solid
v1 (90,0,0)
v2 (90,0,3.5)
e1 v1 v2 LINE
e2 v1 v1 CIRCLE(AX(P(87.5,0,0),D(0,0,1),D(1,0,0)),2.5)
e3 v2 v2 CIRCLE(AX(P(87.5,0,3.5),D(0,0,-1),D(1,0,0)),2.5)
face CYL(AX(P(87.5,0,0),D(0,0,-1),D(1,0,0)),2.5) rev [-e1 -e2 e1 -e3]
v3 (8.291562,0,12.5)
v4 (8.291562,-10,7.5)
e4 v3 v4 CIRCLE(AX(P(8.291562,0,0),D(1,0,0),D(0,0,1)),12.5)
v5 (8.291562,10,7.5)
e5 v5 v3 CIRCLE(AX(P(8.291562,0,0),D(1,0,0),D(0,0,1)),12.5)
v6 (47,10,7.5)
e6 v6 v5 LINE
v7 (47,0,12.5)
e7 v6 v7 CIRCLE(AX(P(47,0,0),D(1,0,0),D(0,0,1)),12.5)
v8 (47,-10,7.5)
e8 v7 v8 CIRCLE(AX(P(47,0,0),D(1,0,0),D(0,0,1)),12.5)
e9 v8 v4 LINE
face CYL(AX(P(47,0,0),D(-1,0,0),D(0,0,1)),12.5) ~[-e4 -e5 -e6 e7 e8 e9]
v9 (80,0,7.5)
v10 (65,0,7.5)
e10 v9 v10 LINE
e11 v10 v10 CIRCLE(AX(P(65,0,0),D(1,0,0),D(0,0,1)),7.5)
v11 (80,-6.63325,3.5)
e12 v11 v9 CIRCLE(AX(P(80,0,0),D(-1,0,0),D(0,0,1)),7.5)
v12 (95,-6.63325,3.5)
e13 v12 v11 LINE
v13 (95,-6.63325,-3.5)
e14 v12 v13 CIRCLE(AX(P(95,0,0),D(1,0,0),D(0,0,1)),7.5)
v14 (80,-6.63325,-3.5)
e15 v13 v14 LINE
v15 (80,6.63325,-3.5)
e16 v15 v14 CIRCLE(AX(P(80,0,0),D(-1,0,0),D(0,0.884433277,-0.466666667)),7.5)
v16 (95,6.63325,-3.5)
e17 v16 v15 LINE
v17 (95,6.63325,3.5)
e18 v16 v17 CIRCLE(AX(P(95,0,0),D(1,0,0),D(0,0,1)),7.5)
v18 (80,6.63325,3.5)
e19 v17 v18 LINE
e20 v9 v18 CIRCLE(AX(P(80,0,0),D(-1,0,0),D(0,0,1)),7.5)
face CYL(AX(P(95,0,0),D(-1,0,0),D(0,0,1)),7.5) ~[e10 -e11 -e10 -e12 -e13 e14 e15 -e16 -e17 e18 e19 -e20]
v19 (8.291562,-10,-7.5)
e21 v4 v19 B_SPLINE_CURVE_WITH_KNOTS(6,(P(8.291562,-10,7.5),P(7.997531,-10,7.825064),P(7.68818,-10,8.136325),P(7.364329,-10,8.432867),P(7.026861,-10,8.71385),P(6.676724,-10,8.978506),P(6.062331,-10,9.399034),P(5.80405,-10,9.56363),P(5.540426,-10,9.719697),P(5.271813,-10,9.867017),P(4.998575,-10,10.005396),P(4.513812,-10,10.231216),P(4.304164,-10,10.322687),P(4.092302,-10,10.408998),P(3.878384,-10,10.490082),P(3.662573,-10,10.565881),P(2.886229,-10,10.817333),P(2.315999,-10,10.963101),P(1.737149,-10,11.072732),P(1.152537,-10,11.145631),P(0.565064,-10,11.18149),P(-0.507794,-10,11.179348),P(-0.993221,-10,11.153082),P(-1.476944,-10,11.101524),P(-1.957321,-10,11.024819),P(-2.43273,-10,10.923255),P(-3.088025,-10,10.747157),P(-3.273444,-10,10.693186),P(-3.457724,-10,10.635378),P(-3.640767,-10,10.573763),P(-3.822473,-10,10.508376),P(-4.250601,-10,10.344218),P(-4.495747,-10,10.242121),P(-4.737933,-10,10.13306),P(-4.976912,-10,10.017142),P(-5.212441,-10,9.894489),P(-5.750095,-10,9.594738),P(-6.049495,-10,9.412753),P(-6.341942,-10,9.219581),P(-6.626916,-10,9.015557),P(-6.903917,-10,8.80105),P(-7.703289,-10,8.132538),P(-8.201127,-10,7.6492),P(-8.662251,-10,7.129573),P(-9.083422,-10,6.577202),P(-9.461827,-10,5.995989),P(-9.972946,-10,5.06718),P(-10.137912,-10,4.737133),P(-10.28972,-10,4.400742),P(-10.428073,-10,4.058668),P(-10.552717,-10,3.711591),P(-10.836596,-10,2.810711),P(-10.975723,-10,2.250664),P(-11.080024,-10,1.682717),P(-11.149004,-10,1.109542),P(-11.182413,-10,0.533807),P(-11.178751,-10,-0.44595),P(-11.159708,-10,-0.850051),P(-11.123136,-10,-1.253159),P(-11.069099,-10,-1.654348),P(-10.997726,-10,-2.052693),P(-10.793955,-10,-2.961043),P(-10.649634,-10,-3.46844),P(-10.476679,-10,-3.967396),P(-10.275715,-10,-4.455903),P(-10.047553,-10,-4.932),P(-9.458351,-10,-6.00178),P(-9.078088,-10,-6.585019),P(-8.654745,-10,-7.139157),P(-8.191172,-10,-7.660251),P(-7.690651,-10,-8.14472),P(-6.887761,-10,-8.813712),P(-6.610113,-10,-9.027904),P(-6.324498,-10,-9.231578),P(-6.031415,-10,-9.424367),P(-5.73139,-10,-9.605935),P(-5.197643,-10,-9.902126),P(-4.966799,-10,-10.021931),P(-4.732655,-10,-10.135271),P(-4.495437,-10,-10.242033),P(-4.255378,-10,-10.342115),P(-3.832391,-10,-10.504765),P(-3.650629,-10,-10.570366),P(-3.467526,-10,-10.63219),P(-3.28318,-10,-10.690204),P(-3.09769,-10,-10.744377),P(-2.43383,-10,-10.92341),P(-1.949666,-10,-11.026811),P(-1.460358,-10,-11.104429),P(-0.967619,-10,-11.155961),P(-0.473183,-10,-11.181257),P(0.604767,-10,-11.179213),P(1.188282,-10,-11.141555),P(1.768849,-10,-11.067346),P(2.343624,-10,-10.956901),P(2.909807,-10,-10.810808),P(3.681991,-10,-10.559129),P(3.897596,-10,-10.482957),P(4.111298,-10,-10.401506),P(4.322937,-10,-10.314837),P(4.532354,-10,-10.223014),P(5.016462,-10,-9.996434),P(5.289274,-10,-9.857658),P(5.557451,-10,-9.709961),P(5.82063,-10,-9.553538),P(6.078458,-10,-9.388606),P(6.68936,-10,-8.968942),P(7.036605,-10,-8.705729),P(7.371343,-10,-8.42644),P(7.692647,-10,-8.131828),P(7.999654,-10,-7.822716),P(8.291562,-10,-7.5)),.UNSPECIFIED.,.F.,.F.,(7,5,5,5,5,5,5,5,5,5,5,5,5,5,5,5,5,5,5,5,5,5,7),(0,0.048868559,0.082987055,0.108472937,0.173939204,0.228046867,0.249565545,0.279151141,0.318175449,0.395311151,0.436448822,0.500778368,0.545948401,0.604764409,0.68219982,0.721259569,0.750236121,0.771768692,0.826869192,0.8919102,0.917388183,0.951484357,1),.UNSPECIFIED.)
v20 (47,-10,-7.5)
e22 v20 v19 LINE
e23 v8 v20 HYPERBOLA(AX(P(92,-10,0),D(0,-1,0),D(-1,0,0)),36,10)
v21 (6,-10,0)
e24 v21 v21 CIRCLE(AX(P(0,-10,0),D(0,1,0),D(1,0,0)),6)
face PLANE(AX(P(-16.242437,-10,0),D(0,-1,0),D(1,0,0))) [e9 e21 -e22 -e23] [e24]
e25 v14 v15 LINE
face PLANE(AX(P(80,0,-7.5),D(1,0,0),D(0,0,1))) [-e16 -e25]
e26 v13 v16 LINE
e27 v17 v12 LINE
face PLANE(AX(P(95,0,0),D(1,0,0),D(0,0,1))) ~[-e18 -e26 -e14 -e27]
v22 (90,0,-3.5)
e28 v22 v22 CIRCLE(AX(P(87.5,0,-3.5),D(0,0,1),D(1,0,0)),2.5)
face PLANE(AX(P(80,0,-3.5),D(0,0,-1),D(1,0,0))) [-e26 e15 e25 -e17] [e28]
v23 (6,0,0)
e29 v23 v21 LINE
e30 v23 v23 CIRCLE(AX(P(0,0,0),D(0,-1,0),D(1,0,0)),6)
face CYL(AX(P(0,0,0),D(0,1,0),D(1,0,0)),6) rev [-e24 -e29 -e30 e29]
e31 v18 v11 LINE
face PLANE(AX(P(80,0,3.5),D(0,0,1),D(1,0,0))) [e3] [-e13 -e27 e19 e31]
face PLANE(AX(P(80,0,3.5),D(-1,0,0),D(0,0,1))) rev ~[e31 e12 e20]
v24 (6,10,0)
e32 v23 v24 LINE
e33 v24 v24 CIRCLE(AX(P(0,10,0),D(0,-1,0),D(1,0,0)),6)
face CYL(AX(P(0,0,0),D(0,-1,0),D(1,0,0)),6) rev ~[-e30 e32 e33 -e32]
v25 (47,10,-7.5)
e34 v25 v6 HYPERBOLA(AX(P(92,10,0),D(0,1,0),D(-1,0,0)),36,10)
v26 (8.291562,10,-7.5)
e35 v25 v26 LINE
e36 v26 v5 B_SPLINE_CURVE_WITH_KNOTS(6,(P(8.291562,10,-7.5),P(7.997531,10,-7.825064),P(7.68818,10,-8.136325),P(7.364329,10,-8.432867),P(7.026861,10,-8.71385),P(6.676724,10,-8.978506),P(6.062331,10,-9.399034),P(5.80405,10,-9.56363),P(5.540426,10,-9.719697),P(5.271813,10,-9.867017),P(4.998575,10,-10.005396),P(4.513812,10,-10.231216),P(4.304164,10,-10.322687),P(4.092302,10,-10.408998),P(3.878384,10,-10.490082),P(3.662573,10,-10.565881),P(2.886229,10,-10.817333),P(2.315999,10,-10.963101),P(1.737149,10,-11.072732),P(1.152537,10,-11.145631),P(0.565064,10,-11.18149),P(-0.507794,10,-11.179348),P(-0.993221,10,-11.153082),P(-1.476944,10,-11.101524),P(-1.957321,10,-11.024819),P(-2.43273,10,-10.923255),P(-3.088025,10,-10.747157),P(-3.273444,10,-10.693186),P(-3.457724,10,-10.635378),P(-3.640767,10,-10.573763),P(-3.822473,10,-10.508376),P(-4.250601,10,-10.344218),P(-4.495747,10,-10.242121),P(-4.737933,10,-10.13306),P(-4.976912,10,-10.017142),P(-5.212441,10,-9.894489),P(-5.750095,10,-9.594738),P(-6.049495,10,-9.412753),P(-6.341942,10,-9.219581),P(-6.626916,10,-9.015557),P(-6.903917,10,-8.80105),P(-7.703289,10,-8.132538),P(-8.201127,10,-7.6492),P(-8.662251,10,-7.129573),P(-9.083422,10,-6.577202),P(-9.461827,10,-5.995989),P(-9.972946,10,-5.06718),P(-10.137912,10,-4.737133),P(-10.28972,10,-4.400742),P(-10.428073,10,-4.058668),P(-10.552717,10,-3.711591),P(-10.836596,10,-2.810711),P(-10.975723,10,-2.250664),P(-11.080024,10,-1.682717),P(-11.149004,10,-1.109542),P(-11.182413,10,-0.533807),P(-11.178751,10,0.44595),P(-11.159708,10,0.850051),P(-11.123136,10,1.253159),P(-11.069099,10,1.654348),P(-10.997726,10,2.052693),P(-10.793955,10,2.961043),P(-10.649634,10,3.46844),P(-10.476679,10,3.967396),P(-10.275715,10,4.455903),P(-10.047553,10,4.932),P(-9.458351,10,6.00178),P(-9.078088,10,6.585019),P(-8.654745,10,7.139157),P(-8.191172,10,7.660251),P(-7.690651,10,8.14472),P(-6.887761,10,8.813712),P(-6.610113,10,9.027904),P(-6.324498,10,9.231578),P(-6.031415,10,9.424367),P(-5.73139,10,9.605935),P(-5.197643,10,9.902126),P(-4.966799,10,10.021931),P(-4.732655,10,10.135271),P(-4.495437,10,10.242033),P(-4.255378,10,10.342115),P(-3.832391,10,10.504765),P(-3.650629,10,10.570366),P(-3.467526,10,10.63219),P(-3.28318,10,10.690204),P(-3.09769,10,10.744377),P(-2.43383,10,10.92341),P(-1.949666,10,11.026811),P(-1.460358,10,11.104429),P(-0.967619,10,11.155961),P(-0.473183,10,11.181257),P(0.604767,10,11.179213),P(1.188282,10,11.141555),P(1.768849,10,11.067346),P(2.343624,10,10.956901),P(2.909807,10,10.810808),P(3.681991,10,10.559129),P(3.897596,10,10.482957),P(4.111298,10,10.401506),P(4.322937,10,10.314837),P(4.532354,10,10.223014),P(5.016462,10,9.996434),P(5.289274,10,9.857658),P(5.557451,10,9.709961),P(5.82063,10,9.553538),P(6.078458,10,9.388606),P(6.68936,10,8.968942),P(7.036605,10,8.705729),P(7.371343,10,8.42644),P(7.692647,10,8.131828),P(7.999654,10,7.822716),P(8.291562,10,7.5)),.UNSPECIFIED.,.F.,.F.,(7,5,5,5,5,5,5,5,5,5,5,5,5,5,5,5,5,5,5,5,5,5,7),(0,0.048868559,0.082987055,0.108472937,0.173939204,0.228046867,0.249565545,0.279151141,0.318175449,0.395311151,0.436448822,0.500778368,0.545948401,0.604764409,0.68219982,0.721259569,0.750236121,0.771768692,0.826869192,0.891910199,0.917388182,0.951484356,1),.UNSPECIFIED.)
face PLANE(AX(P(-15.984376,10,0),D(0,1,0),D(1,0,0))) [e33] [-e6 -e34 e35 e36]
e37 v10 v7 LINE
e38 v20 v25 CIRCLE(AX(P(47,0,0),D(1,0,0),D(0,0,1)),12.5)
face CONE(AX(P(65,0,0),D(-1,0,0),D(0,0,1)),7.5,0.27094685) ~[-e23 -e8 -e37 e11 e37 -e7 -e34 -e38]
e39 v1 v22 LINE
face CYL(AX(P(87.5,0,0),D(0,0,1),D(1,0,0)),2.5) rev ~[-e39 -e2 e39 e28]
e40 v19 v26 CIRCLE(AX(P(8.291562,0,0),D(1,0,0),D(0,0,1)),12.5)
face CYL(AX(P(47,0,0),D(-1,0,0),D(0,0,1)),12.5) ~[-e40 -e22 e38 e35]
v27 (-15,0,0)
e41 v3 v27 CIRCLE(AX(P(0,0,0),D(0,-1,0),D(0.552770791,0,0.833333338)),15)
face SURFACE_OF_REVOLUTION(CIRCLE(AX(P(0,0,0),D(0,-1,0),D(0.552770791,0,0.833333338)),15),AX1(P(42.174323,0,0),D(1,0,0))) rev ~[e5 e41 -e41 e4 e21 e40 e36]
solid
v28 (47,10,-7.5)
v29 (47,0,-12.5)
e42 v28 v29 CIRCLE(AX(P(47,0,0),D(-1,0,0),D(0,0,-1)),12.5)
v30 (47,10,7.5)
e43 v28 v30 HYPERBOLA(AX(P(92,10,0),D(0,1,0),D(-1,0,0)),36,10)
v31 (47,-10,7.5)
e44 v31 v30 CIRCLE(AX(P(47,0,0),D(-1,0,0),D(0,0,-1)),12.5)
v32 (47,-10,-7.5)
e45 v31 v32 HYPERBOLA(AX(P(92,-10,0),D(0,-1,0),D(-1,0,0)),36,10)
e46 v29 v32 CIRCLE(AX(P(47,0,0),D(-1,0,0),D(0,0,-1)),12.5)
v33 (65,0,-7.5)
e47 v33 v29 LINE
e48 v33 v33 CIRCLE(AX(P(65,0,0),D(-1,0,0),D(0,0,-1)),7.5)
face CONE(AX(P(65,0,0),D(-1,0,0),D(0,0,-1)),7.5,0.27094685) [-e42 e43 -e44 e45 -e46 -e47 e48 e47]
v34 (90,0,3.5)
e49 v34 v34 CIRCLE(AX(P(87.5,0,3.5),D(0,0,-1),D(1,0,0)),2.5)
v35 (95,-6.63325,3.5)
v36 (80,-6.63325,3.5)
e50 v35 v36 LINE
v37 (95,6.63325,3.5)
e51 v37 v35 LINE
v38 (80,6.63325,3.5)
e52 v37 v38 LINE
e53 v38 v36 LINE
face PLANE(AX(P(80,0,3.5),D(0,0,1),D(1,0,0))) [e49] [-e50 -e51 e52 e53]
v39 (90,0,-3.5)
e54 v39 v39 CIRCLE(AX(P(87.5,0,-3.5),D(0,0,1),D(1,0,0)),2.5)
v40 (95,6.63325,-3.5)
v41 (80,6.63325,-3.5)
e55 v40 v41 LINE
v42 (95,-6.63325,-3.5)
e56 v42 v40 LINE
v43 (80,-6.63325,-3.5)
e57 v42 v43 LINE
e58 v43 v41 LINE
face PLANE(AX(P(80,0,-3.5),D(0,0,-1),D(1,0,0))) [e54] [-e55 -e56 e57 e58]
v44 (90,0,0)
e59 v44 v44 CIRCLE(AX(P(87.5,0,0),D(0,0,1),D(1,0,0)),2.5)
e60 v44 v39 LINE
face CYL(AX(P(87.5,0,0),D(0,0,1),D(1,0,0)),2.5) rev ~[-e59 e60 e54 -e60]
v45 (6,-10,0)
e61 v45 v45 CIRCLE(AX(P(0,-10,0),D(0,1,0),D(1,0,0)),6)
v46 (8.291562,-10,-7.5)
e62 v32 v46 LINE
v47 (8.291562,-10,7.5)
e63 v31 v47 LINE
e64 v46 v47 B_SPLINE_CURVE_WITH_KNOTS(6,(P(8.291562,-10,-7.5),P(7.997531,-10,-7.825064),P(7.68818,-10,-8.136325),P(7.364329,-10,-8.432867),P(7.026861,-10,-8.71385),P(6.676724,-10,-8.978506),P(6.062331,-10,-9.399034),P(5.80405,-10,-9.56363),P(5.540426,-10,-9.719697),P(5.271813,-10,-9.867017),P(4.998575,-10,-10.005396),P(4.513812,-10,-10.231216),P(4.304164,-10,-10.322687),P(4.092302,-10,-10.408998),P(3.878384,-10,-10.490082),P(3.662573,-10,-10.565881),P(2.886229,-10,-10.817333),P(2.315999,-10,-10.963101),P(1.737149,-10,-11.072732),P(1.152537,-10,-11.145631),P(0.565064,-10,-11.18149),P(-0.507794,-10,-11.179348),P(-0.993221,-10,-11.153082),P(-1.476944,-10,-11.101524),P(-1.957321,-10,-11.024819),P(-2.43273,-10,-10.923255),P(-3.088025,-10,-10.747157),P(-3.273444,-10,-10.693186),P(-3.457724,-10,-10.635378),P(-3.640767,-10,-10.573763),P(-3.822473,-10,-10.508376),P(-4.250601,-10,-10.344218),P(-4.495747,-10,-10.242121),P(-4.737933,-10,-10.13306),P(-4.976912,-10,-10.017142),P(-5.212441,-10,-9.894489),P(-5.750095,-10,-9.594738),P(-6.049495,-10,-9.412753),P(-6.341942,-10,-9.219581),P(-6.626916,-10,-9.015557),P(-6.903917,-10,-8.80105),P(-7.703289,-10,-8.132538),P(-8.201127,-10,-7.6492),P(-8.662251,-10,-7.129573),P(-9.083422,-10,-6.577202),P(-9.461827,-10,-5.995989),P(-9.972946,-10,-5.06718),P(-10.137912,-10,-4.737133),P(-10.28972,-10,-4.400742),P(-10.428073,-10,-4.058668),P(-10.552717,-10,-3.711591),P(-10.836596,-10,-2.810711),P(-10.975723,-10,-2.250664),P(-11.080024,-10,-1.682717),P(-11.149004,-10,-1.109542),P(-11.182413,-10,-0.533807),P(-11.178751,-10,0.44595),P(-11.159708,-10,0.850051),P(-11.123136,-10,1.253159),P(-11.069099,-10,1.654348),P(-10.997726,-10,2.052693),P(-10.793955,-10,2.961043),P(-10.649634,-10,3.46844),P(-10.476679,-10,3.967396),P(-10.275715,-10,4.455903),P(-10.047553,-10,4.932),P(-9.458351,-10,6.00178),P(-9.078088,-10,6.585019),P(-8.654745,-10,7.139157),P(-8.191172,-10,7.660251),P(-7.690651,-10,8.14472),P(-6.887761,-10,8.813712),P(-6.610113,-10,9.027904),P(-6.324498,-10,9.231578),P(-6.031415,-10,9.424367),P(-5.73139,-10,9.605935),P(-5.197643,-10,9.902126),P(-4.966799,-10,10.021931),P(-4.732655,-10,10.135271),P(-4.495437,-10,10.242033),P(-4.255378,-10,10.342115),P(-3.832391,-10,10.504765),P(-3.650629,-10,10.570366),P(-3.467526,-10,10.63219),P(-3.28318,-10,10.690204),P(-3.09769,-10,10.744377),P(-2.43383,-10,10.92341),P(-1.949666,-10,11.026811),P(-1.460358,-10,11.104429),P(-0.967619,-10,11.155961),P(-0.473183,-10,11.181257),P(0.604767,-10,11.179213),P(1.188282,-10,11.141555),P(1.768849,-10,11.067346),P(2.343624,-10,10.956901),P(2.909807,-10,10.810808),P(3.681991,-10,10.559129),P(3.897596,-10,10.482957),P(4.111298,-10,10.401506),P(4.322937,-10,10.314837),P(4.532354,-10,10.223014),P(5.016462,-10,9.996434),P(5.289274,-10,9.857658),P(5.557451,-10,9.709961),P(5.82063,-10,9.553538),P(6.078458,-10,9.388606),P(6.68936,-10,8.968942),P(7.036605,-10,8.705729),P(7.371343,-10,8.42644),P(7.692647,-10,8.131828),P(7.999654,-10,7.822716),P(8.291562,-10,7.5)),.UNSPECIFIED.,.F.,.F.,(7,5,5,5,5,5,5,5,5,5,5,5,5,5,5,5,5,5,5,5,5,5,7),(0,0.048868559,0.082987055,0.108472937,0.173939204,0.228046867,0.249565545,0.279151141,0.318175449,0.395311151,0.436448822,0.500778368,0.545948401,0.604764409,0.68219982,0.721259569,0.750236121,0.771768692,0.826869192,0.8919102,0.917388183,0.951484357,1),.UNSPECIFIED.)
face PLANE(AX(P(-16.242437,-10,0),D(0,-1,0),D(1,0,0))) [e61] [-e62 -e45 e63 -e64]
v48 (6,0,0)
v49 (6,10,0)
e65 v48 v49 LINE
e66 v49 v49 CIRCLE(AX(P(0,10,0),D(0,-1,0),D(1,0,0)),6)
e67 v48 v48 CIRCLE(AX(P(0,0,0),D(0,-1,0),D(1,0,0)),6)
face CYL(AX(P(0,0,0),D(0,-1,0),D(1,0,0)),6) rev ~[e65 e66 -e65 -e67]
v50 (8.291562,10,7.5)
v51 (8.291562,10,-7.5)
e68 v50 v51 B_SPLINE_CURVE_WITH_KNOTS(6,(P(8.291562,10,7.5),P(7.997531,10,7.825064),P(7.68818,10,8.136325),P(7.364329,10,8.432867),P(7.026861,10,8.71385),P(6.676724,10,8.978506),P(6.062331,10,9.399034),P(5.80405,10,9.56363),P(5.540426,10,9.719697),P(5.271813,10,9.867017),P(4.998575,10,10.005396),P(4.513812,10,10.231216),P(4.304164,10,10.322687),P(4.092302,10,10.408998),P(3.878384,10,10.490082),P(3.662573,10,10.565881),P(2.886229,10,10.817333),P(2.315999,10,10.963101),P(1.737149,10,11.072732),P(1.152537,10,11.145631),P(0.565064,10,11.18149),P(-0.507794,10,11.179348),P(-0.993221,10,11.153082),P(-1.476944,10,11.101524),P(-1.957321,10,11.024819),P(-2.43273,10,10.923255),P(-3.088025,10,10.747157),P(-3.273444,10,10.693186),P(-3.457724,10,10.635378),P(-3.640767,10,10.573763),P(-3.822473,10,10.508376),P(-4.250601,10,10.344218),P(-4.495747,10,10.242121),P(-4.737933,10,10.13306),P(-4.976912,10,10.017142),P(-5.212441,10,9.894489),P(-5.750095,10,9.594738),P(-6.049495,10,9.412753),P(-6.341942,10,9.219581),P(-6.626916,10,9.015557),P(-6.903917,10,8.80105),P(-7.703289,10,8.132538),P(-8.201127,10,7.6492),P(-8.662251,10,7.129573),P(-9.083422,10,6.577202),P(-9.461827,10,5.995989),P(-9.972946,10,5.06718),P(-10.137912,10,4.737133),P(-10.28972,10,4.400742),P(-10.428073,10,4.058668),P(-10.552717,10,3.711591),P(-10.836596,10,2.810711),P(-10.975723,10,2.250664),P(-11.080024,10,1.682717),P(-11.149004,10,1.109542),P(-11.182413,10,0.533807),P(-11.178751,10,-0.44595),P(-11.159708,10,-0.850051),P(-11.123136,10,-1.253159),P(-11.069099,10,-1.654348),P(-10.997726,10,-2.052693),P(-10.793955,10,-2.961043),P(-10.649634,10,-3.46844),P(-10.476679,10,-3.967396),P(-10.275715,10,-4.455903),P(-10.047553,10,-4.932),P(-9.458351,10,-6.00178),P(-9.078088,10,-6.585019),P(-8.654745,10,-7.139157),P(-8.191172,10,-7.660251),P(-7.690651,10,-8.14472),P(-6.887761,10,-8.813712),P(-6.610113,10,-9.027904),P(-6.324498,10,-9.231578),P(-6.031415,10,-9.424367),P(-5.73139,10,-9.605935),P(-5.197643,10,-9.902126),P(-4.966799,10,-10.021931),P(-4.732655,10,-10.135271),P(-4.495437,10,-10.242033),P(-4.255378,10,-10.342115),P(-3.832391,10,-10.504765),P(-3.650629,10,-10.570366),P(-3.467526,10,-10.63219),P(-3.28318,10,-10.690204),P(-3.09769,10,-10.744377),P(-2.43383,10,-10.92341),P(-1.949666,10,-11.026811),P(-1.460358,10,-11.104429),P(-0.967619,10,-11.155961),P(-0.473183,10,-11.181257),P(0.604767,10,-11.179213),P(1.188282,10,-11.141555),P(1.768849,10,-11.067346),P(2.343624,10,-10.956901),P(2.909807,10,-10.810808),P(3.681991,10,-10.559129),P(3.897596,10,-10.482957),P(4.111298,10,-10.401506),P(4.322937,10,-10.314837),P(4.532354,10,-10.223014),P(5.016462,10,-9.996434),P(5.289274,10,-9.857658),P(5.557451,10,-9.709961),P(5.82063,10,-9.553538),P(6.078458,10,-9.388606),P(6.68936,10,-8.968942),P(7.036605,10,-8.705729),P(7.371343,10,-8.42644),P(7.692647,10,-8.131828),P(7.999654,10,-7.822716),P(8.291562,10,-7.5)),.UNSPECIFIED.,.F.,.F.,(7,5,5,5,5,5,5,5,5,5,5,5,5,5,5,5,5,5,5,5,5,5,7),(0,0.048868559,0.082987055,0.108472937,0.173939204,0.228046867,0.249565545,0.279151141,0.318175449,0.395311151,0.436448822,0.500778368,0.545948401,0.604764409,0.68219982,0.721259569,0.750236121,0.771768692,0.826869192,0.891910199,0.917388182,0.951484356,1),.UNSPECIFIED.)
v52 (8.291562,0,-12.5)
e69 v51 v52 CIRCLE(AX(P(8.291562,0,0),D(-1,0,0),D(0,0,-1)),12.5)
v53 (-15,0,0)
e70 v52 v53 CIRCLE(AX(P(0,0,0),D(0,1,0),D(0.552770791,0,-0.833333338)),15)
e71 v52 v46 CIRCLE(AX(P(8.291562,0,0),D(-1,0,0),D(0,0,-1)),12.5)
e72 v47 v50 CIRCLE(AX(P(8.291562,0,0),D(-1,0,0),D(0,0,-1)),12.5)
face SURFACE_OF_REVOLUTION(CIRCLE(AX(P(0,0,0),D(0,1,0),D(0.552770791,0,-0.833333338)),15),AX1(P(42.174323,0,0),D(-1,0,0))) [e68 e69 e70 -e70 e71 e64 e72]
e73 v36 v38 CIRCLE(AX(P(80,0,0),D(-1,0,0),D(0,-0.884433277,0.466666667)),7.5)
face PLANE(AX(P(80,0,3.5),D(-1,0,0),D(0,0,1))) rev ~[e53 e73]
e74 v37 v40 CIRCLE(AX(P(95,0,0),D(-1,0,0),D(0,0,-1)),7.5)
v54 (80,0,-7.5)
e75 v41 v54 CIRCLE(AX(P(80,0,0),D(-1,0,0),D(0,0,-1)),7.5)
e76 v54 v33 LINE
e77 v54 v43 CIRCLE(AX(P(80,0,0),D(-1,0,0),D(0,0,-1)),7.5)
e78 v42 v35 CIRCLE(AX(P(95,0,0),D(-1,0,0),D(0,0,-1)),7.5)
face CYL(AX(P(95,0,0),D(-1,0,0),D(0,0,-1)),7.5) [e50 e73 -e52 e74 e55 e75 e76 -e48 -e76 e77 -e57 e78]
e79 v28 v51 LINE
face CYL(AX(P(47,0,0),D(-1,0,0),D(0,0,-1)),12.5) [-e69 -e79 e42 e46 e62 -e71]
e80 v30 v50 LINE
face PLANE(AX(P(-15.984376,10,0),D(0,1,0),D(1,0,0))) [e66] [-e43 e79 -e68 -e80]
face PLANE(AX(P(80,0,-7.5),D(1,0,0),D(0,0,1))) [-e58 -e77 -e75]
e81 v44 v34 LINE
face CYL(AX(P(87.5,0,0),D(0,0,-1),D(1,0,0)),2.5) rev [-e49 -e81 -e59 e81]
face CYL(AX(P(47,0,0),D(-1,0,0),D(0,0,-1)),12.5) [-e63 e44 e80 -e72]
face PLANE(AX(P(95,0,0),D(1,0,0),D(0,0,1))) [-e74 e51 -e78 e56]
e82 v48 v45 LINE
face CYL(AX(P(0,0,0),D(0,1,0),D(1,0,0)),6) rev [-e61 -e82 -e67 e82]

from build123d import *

# Parameters (mm, degrees)
F3_R     = 6
F3_W     = 15
F3_H     = 4
F4_DEPTH = 25
F5_R     = 2.5
F5_W     = 83.634722
F5_H     = 6.064514
F5_W_2   = 83.892783
F5_H_2   = 8.140588
F6_DEPTH = 25


with BuildPart() as f1:
    # F0 (on Front) → F1 (revolve)
    with BuildSketch(Plane.XZ):
        with BuildLine():
            Line((47, 12.5), (8.291562, 12.5))
            ThreePointArc((8.291562, 12.5), (-7.093186, 13.21691), (-15, 0))
            Line((-15, 0), (95, 0))
            Line((95, 0), (95, 7.5))
            Line((95, 7.5), (80, 7.5))
            Line((80, 7.5), (65, 7.5))
            Line((65, 7.5), (47, 12.5))
        make_face()
    revolve(axis=Axis((42.174323, 0, 0), (1, 0, 0)))


with BuildPart() as f2_1:
    # F2: instance of F1
    add(f1.part.mirror(Plane.XY))


with BuildPart() as f4_tool:
    # F3 (on Front) → F4 (new body, symmetric)
    with BuildSketch(Plane.XZ):
        Circle(F3_R)
        with Locations((87.5, 5.5)):
            Rectangle(F3_W, F3_H)
        with Locations((87.5, -5.5)):
            Rectangle(F3_W, F3_H)
    extrude(amount=F4_DEPTH, both=True)


with BuildPart() as f1_1:
    add(f1.part)

    # F4: cut by f4_tool
    add(f4_tool.part, mode=Mode.SUBTRACT)


with BuildPart() as f2_1_1:
    add(f2_1.part)

    # F4: cut by f4_tool
    add(f4_tool.part, mode=Mode.SUBTRACT)


with BuildPart() as f6_tool:
    # F5 (on Top) → F6 (new body, symmetric)
    with BuildSketch(Plane.XY):
        with Locations((87.5, 0)):
            Circle(F5_R)
        with Locations((25.832985, 13.032257)):
            Rectangle(F5_W, F5_H)
        with Locations((25.703955, -14.070294)):
            Rectangle(F5_W_2, F5_H_2)
    extrude(amount=F6_DEPTH, both=True)


with BuildPart() as f1_2:
    add(f1_1.part)

    # F6: cut by f6_tool
    add(f6_tool.part, mode=Mode.SUBTRACT)


with BuildPart() as f2_1_2:
    add(f2_1_1.part)

    # F6: cut by f6_tool
    add(f6_tool.part, mode=Mode.SUBTRACT)


solid = Compound([f1_2.part, f2_1_2.part])
